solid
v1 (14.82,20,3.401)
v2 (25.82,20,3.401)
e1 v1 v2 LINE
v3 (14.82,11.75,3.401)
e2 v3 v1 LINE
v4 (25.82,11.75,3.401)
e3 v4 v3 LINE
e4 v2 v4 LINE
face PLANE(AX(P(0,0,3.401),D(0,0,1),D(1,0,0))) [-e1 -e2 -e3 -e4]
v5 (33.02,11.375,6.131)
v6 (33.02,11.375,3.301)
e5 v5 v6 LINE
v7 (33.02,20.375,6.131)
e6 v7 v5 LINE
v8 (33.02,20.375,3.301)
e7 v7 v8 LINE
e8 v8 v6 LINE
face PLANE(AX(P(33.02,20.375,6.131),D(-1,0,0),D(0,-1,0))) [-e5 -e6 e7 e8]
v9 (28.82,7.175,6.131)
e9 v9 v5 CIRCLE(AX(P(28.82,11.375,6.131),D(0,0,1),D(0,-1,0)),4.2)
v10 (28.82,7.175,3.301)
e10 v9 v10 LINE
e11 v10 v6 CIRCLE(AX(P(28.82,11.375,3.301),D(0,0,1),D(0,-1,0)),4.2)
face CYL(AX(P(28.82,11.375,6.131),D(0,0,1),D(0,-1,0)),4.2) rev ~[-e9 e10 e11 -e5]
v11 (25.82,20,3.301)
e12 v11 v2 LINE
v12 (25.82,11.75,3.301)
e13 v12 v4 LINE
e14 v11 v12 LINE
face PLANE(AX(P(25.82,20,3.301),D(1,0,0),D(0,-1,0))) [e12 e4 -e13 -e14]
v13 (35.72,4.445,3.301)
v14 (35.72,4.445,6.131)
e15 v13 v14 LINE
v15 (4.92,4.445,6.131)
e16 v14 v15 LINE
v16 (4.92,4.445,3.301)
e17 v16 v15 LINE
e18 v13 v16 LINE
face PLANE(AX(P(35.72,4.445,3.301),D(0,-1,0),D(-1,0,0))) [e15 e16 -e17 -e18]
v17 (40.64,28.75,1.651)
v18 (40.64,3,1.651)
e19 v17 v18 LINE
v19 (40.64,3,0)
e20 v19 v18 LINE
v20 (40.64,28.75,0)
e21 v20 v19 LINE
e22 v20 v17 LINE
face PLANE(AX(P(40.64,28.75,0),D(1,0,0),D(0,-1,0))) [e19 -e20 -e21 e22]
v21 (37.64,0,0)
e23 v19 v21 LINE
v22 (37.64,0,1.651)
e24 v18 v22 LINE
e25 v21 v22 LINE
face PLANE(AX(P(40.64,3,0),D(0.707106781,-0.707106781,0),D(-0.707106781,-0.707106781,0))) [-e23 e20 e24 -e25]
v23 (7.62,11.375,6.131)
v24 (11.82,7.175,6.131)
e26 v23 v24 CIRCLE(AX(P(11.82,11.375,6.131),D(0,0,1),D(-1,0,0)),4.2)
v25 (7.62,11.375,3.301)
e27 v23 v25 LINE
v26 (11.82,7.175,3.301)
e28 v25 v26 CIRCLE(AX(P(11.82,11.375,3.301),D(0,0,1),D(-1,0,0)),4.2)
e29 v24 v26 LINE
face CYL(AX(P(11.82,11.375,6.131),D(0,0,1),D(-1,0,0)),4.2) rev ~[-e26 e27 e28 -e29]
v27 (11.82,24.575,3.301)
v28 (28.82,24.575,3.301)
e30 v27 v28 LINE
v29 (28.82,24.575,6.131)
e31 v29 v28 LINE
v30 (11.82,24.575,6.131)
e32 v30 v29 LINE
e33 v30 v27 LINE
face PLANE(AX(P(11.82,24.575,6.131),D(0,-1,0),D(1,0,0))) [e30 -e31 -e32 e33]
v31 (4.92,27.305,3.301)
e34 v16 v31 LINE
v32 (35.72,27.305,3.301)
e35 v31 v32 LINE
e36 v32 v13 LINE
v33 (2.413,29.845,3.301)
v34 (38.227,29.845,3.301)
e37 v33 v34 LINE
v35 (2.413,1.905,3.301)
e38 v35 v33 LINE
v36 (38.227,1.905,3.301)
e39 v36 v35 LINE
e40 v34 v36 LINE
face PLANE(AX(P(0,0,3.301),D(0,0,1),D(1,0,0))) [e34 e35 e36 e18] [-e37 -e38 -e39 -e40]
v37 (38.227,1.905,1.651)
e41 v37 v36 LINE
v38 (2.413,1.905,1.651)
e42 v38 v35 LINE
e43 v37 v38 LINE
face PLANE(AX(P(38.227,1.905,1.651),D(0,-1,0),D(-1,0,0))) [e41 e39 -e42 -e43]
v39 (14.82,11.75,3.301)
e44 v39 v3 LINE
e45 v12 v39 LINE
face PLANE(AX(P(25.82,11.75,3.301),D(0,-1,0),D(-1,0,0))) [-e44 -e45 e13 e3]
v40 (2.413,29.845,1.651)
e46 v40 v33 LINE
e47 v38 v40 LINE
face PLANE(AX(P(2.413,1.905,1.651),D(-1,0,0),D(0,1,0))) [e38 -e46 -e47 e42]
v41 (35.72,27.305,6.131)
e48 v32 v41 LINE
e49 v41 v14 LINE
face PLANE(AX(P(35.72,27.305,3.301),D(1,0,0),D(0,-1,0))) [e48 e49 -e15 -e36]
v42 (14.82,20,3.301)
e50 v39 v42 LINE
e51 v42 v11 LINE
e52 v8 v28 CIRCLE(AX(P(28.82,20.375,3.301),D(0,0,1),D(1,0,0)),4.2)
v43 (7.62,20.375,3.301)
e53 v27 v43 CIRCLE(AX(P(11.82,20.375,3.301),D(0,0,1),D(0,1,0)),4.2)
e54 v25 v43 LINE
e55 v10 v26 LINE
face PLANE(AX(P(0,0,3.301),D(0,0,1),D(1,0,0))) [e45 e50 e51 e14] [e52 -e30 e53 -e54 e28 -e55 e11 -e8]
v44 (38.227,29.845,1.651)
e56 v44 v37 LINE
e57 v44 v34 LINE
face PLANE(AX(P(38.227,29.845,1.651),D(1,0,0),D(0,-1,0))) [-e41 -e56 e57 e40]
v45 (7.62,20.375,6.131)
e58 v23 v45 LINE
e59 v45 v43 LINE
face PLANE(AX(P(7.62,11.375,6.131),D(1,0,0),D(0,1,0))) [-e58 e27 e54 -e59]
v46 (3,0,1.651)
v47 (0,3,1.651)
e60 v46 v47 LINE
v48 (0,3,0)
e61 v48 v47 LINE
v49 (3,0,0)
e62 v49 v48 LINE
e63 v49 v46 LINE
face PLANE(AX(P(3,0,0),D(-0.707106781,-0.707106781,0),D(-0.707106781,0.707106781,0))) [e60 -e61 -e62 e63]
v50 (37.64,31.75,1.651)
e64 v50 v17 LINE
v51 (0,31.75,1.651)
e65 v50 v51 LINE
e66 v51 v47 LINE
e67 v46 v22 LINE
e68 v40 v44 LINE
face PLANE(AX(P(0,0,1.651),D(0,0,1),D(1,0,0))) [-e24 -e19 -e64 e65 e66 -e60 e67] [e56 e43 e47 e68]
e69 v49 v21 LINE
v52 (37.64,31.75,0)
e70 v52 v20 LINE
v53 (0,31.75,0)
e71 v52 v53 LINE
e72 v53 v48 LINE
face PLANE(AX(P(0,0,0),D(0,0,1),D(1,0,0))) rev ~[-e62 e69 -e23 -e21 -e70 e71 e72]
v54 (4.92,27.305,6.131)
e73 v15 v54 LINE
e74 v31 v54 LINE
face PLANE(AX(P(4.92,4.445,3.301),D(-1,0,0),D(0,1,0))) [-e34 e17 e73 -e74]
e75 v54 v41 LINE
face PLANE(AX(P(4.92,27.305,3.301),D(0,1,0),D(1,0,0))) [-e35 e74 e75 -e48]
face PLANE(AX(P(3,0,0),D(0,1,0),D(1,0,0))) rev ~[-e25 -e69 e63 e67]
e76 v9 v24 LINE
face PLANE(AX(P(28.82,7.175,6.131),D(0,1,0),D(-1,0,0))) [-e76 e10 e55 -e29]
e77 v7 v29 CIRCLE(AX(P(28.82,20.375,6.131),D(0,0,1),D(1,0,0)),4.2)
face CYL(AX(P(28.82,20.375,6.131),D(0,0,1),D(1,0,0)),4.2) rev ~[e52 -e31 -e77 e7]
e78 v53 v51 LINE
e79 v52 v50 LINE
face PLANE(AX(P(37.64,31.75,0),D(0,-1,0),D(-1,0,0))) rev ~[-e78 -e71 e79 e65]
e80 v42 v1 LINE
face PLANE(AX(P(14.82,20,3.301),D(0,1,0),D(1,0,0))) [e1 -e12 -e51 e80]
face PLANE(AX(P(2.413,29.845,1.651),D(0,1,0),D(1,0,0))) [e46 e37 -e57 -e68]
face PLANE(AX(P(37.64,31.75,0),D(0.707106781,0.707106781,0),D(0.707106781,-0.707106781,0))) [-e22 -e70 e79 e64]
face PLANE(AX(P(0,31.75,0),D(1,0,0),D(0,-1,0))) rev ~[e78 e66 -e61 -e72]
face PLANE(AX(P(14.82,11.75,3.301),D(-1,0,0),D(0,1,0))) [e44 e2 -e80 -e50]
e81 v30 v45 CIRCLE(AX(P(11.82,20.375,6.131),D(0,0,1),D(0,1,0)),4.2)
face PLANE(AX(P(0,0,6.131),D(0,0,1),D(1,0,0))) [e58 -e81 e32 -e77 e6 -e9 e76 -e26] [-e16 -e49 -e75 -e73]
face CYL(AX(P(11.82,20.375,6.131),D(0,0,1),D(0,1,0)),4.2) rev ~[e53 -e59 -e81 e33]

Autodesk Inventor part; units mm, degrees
ref_plane "YZ Plane" through (0, 0, 0) normal (1, 0, 0) x (0, 1, 0)
ref_plane "XZ Plane" through (0, 0, 0) normal (0, 1, 0) x (-1, 0, 0)
ref_plane "XY Plane" through (0, 0, 0) normal (0, 0, 1) x (1, 0, 0)
sketch "Sketch1" plane through (0, 0, 0) normal (0, 0, 1) x (1, 0, 0)
  line L0 (3, 0) -> (40.64, 0)
  line L1 (37.64, 31.75) -> (0, 31.75)
  line L2 (0, 31.75) -> (0, 3)
  line L3 (37.64, 31.75) -> (40.64, 28.75)
  line L4 (3, 0) -> (0, 3)
  line L5 (40.64, 3) -> (37.64, 0)
  line L6 (40.64, 28.75) -> (40.64, 3)
  point P0 (0, 0)
  dimension "d4" = 3
  dimension "d5" = 45
  dimension "d6" = 45
  dimension "d7" = 3
  dimension "d8" = 31.75
  dimension "d9" = 40.64
  dimension "d10" = 3
extrude "Extrusion1" add sketch "Sketch1" along normal blind 1.651
sketch "Sketch2" plane through (0, 0, 1.651) normal (0, 0, 1) x (1, 0, 0)
  line L0 (2.413, 29.845) -> (38.227, 29.845)
  line L1 (38.227, 29.845) -> (38.227, 1.905)
  line L2 (38.227, 1.905) -> (2.413, 1.905)
  line L3 (2.413, 1.905) -> (2.413, 29.845)
  line L4 (0, 31.75) -> (0, 3) projected
  line L5 (3, 0) -> (37.64, 0) projected
  line L6 (40.64, 3) -> (40.64, 28.75) projected
  point P0 (0, 0)
  point P1 (0, 17.375)
  point P2 (20.32, 1.905)
  point P3 (20.32, 0)
  point P4 (38.227, 15.875)
  point P5 (40.64, 15.875)
  dimension "d13" = 27.94
  dimension "d14" = 35.814
extrude "Extrusion2" add sketch "Sketch2" along normal blind 1.65
sketch "Sketch3" plane through (0, 0, 3.301) normal (0, 0, 1) x (1, 0, 0)
  line L0 (4.92, 27.305) -> (35.72, 27.305)
  line L1 (35.72, 27.305) -> (35.72, 4.445)
  line L2 (35.72, 4.445) -> (4.92, 4.445)
  line L3 (4.92, 4.445) -> (4.92, 27.305)
  line L4 (2.413, 29.845) -> (2.413, 1.905) projected
  line L5 (3, 0) -> (37.64, 0) projected
  point P0 (0, 0)
  point P1 (4.92, 15.875)
  point P2 (2.413, 15.875)
  point P3 (20.32, 4.445)
  point P4 (20.32, 0)
  dimension "d17" = 22.86
  dimension "d18" = 30.8
extrude "Extrusion3" add sketch "Sketch3" along normal blind 2.83
sketch "Sketch4" plane through (0, 0, 6.131) normal (0, 0, 1) x (1, 0, 0)
  line L0 (11.82, 24.575) -> (28.82, 24.575)
  line L1 (33.02, 20.375) -> (33.02, 11.375)
  line L2 (28.82, 7.175) -> (11.82, 7.175)
  line L3 (7.62, 11.375) -> (7.62, 20.375)
  line L4 (4.92, 27.305) -> (4.92, 4.445) projected
  line L5 (2.413, 1.905) -> (38.227, 1.905) projected
  arc A0 (7.62, 11.375) -> (11.82, 7.175) centre (11.82, 11.375) ccw
  arc A1 (11.82, 24.575) -> (7.62, 20.375) centre (11.82, 20.375) ccw
  arc A2 (33.02, 20.375) -> (28.82, 24.575) centre (28.82, 20.375) ccw
  arc A3 (28.82, 7.175) -> (33.02, 11.375) centre (28.82, 11.375) ccw
  point P0 (0, 0)
  point P1 (7.62, 24.575)
  point P2 (33.02, 7.175)
  point P3 (7.62, 7.175)
  point P4 (7.62, 15.875)
  point P5 (4.92, 15.875)
  point P6 (20.32, 7.175)
  point P7 (20.32, 1.905)
  dimension "d21" = 17.4
  dimension "d22" = 25.4
  dimension "d23" = 4.2
extrude "Extrusion4" cut sketch "Sketch4" against normal blind 2.83
sketch "Sketch5" plane through (0, 0, 3.301) normal (0, 0, 1) x (1, 0, 0)
  line L0 (25.82, 11.75) -> (14.82, 11.75)
  line L1 (14.82, 11.75) -> (14.82, 20)
  line L2 (14.82, 20) -> (25.82, 20)
  line L3 (25.82, 20) -> (25.82, 11.75)
  line L4 (7.62, 11.375) -> (7.62, 20.375) projected
  line L5 (28.82, 7.175) -> (11.82, 7.175) projected
  point P0 (0, 0)
  point P1 (14.82, 15.875)
  point P2 (7.62, 15.875)
  point P3 (20.32, 11.75)
  point P4 (20.32, 7.175)
  dimension "d26" = 11
  dimension "d27" = 8.25
extrude "Extrusion5" add sketch "Sketch5" along normal blind 0.1
properties part number "DLP"
